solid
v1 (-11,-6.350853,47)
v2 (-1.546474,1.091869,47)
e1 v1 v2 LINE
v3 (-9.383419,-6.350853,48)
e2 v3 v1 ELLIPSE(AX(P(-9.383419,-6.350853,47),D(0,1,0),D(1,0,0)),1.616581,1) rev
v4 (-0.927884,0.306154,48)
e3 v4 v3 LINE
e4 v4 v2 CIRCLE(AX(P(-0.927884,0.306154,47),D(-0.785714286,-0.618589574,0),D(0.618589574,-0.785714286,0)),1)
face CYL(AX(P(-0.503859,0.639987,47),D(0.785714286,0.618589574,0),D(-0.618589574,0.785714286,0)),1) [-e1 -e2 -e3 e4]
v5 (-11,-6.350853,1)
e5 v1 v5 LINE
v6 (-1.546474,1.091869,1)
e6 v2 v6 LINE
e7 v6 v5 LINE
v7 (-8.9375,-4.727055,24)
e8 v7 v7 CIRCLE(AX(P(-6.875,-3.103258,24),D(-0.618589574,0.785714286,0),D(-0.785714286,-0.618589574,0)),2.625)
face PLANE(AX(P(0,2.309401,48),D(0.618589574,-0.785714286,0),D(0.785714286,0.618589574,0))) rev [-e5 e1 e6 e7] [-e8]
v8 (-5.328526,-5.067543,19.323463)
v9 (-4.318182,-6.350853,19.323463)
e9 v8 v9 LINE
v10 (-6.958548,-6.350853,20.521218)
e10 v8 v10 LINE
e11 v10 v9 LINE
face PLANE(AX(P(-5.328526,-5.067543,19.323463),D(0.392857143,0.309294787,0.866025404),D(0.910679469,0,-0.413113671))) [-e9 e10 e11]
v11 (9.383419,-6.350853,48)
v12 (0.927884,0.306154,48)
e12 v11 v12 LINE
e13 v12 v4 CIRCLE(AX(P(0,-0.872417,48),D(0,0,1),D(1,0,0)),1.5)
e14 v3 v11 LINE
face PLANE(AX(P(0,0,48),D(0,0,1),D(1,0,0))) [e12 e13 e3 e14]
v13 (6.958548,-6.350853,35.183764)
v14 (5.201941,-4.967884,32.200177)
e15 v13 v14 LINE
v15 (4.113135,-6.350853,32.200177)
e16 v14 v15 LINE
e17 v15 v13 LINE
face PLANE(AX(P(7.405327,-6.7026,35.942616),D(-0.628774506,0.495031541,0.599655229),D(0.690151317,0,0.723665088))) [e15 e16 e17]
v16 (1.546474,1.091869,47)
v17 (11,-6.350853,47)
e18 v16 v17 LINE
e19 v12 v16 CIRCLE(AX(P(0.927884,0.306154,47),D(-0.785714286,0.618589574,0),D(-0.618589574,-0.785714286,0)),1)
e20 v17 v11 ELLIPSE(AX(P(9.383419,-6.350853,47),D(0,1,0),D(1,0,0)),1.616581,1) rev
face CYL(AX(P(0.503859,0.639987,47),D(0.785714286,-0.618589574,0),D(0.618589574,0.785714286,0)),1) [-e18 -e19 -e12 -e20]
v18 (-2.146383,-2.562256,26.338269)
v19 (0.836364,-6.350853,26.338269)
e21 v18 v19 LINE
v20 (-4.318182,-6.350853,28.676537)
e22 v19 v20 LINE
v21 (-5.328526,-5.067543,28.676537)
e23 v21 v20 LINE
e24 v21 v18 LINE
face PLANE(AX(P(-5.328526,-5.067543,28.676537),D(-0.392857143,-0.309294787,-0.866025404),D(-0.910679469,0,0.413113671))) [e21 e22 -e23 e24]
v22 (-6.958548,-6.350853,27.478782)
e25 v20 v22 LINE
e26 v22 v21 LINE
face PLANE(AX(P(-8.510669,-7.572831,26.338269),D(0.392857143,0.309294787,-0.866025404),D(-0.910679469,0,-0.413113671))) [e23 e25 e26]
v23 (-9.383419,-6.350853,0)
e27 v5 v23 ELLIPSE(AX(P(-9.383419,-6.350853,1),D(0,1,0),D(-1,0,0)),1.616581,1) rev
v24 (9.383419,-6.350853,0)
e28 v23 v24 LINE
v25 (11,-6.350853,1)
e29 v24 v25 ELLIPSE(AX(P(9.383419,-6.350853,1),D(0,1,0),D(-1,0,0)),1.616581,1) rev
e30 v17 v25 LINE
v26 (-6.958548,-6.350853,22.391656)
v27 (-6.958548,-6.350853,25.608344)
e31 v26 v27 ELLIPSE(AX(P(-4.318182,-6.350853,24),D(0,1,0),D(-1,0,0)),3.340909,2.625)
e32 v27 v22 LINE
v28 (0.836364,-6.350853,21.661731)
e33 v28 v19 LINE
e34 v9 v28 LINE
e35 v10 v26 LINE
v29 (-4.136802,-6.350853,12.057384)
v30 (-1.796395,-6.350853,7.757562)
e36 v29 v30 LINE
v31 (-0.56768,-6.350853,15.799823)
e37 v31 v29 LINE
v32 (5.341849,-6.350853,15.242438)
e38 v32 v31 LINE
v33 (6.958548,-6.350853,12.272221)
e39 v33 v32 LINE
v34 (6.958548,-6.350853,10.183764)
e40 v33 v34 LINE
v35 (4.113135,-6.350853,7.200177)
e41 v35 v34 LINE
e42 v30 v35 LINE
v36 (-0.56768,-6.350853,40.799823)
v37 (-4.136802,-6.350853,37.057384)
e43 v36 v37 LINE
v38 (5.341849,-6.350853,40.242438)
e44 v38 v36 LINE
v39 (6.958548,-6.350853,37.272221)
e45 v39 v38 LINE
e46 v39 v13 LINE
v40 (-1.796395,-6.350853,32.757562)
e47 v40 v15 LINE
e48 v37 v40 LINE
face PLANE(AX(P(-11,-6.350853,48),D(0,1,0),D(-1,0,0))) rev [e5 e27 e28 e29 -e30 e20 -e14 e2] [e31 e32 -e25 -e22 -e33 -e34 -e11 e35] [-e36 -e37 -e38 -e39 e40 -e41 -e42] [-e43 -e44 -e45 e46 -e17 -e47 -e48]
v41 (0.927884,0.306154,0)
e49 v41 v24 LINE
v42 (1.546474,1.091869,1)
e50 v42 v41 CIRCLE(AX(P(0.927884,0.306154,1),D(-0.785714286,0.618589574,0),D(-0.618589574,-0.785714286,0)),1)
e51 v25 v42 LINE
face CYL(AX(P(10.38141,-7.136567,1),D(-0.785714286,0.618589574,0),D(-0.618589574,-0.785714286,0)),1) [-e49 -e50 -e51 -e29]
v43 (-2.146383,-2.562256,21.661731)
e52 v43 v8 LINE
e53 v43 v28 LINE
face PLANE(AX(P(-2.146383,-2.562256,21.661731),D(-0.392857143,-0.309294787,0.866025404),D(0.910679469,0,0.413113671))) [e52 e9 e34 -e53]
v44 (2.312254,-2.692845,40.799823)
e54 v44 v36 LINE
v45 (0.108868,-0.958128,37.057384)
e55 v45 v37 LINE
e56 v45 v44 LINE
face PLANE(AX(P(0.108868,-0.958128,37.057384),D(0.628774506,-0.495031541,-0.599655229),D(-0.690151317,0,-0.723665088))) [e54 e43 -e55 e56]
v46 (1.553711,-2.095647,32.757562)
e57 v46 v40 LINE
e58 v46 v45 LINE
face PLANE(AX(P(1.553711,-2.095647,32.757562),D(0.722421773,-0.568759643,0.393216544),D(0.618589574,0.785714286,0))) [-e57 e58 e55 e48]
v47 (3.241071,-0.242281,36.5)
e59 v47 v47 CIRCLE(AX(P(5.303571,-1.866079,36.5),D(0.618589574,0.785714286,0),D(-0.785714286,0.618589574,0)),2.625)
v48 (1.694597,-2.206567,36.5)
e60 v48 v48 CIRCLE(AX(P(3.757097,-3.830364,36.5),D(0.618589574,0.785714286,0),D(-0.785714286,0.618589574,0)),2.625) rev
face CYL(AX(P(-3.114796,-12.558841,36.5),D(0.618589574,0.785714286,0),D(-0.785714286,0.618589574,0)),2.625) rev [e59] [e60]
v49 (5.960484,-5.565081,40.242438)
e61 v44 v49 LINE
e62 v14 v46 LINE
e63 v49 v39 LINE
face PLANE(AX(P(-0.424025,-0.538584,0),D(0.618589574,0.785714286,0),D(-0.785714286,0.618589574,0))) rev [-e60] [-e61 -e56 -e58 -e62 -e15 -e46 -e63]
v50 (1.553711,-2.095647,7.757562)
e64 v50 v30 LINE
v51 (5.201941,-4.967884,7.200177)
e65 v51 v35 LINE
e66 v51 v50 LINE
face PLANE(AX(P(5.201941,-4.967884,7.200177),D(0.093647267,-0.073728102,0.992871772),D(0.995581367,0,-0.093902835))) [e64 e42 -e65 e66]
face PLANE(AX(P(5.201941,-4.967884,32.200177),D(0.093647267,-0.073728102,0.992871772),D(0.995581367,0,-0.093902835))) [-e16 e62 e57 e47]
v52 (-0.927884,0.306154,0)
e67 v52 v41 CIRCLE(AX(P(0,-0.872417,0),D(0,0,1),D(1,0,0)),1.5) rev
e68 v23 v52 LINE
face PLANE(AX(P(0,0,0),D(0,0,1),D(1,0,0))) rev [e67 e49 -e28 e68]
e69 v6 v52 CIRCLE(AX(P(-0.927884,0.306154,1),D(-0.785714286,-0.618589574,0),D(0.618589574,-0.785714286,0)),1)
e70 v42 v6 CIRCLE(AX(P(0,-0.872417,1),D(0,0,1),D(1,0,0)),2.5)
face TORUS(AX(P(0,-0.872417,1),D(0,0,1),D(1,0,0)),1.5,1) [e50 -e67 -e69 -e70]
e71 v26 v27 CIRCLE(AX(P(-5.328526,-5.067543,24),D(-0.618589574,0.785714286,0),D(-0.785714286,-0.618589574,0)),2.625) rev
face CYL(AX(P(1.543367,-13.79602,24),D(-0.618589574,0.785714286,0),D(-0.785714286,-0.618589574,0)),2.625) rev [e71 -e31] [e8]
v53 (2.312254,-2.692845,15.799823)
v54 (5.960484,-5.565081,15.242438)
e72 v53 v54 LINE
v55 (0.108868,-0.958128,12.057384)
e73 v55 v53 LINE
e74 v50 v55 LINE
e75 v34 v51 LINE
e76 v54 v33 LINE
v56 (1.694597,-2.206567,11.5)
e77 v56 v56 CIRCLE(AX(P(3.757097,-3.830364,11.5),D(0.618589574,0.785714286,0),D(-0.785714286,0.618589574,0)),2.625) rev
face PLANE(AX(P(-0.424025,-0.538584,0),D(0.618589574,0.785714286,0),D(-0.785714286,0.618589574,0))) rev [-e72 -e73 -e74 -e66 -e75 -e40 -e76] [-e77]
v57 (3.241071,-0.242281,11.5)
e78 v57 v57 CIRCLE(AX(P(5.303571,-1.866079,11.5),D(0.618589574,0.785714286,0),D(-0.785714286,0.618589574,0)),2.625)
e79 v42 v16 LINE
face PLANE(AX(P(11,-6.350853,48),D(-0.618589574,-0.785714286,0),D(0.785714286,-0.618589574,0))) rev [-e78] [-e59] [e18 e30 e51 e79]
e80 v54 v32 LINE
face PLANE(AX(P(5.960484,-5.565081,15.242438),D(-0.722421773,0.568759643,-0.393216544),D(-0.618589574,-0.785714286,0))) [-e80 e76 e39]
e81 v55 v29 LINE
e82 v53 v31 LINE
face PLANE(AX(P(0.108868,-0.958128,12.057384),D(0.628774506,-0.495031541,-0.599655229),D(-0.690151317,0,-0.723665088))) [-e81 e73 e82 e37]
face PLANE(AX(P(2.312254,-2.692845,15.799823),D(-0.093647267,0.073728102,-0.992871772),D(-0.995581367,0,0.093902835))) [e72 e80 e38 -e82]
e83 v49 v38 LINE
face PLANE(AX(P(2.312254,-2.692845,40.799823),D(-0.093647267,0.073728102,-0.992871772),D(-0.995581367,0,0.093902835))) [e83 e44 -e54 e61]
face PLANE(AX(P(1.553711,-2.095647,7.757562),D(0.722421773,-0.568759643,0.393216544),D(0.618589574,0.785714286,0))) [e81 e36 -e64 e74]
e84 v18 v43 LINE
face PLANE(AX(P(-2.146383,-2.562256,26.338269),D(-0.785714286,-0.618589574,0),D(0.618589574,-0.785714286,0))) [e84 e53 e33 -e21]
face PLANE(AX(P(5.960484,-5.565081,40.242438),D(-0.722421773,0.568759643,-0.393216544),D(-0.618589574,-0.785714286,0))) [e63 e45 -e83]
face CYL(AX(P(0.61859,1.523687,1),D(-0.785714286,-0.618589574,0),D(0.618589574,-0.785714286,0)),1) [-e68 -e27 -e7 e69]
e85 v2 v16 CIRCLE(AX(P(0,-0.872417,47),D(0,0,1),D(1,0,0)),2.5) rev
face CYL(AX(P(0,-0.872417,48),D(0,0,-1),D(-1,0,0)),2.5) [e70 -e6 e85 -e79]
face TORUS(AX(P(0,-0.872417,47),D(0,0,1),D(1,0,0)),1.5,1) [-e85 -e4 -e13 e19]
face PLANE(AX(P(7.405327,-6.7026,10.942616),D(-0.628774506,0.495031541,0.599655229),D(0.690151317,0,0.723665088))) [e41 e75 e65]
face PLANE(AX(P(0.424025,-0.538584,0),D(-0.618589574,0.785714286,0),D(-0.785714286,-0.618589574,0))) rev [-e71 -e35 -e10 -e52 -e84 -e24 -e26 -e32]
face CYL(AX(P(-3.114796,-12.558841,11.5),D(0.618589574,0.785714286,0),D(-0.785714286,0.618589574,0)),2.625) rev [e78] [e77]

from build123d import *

# Parameters (mm, degrees)
BOSS_EXTRUDE3_DEPTH = 48
SKETCH4_R           = 2.625
CUT_EXTRUDE2_DEPTH  = 14.608970631
SKETCH5_R           = 2.625
CUT_EXTRUDE3_DEPTH  = 14.608970631
FILLET2_R           = 2.5
CUT_EXTRUDE4_DEPTH  = 12.5
CUT_EXTRUDE6_DEPTH  = 12.5
FILLET3_R           = 1
FILLET4_R           = 1


with BuildPart() as part:
    # Sketch2 → Boss-Extrude3 (new body)
    with BuildSketch(Plane.XY):
        Polygon((0, 2.309401077), (-11, -6.350852961), (11, -6.350852961), align=None)
    extrude(amount=BOSS_EXTRUDE3_DEPTH)

    # Sketch4 → Cut-Extrude2 (cut, through all)
    with BuildSketch(Plane(origin=(-1.12244898, 1.425701685, 0), x_dir=(0.785714286, 0.618589574, 0), z_dir=(-0.618589574, 0.785714286, 0))):
        with Locations((-7.321428571, -24)):
            Circle(SKETCH4_R)
    extrude(amount=-CUT_EXTRUDE2_DEPTH, mode=Mode.SUBTRACT)

    # Sketch5 → Cut-Extrude3 (cut, through all)
    with BuildSketch(Plane(origin=(1.12244898, 1.425701685, 0), x_dir=(0.785714286, -0.618589574, 0), z_dir=(0.618589574, 0.785714286, 0))):
        with Locations((5.321428571, -11.5)):
            Circle(SKETCH5_R)
        with Locations((5.321428571, -36.5)):
            Circle(SKETCH5_R)
    extrude(amount=-CUT_EXTRUDE3_DEPTH, mode=Mode.SUBTRACT)

    # Fillet2
    fillet2_edges = [part.edges().sort_by_distance(p)[0] for p in [
        (0, 2.309401077, 24),
    ]]
    fillet(fillet2_edges, radius=FILLET2_R)

    # Sketch6 → Cut-Extrude4 (cut)
    with BuildSketch(Plane(origin=(-8.156394632, -10.360012601, 0), x_dir=(0.785714286, -0.618589574, 0), z_dir=(0.618589574, 0.785714286, 0))):
        Polygon((7.160320357, -7.200177097), (2.517118598, -7.757561547), (0.678226812, -12.05738445), (3.482536786, -15.799822903), (8.125738545, -15.242438453), (9.96463033, -10.94261555), align=None)
        Polygon((7.160320357, -32.200177097), (2.517118598, -32.757561547), (0.678226812, -37.05738445), (3.482536786, -40.799822903), (8.125738545, -40.242438453), (9.96463033, -35.94261555), align=None)
    extrude(amount=CUT_EXTRUDE4_DEPTH, mode=Mode.SUBTRACT)

    # Sketch7 → Cut-Extrude6 (cut)
    with BuildSketch(Plane(origin=(8.156394632, -10.360012601, 0), x_dir=(0.785714286, 0.618589574, 0), z_dir=(-0.618589574, 0.785714286, 0))):
        Polygon((-7.321428571, -19.32346282), (-11.371428571, -21.66173141), (-11.371428571, -26.33826859), (-7.321428571, -28.67653718), (-3.271428571, -26.33826859), (-3.271428571, -21.66173141), align=None)
    extrude(amount=CUT_EXTRUDE6_DEPTH, mode=Mode.SUBTRACT)

    # Fillet3
    fillet3_edges = [part.edges().sort_by_distance(p)[0] for p in [
        (-6.273236968, -2.629492176, 0),
        (0, 1.627582895, 0),
        (6.273236968, -2.629492176, 0),
    ]]
    fillet(fillet3_edges, radius=FILLET3_R)

    # Fillet4
    fillet4_edges = [part.edges().sort_by_distance(p)[0] for p in [
        (-6.273236968, -2.629492176, 48),
        (0, 1.627582895, 48),
        (6.273236968, -2.629492176, 48),
    ]]
    fillet(fillet4_edges, radius=FILLET4_R)


solid = part.part
